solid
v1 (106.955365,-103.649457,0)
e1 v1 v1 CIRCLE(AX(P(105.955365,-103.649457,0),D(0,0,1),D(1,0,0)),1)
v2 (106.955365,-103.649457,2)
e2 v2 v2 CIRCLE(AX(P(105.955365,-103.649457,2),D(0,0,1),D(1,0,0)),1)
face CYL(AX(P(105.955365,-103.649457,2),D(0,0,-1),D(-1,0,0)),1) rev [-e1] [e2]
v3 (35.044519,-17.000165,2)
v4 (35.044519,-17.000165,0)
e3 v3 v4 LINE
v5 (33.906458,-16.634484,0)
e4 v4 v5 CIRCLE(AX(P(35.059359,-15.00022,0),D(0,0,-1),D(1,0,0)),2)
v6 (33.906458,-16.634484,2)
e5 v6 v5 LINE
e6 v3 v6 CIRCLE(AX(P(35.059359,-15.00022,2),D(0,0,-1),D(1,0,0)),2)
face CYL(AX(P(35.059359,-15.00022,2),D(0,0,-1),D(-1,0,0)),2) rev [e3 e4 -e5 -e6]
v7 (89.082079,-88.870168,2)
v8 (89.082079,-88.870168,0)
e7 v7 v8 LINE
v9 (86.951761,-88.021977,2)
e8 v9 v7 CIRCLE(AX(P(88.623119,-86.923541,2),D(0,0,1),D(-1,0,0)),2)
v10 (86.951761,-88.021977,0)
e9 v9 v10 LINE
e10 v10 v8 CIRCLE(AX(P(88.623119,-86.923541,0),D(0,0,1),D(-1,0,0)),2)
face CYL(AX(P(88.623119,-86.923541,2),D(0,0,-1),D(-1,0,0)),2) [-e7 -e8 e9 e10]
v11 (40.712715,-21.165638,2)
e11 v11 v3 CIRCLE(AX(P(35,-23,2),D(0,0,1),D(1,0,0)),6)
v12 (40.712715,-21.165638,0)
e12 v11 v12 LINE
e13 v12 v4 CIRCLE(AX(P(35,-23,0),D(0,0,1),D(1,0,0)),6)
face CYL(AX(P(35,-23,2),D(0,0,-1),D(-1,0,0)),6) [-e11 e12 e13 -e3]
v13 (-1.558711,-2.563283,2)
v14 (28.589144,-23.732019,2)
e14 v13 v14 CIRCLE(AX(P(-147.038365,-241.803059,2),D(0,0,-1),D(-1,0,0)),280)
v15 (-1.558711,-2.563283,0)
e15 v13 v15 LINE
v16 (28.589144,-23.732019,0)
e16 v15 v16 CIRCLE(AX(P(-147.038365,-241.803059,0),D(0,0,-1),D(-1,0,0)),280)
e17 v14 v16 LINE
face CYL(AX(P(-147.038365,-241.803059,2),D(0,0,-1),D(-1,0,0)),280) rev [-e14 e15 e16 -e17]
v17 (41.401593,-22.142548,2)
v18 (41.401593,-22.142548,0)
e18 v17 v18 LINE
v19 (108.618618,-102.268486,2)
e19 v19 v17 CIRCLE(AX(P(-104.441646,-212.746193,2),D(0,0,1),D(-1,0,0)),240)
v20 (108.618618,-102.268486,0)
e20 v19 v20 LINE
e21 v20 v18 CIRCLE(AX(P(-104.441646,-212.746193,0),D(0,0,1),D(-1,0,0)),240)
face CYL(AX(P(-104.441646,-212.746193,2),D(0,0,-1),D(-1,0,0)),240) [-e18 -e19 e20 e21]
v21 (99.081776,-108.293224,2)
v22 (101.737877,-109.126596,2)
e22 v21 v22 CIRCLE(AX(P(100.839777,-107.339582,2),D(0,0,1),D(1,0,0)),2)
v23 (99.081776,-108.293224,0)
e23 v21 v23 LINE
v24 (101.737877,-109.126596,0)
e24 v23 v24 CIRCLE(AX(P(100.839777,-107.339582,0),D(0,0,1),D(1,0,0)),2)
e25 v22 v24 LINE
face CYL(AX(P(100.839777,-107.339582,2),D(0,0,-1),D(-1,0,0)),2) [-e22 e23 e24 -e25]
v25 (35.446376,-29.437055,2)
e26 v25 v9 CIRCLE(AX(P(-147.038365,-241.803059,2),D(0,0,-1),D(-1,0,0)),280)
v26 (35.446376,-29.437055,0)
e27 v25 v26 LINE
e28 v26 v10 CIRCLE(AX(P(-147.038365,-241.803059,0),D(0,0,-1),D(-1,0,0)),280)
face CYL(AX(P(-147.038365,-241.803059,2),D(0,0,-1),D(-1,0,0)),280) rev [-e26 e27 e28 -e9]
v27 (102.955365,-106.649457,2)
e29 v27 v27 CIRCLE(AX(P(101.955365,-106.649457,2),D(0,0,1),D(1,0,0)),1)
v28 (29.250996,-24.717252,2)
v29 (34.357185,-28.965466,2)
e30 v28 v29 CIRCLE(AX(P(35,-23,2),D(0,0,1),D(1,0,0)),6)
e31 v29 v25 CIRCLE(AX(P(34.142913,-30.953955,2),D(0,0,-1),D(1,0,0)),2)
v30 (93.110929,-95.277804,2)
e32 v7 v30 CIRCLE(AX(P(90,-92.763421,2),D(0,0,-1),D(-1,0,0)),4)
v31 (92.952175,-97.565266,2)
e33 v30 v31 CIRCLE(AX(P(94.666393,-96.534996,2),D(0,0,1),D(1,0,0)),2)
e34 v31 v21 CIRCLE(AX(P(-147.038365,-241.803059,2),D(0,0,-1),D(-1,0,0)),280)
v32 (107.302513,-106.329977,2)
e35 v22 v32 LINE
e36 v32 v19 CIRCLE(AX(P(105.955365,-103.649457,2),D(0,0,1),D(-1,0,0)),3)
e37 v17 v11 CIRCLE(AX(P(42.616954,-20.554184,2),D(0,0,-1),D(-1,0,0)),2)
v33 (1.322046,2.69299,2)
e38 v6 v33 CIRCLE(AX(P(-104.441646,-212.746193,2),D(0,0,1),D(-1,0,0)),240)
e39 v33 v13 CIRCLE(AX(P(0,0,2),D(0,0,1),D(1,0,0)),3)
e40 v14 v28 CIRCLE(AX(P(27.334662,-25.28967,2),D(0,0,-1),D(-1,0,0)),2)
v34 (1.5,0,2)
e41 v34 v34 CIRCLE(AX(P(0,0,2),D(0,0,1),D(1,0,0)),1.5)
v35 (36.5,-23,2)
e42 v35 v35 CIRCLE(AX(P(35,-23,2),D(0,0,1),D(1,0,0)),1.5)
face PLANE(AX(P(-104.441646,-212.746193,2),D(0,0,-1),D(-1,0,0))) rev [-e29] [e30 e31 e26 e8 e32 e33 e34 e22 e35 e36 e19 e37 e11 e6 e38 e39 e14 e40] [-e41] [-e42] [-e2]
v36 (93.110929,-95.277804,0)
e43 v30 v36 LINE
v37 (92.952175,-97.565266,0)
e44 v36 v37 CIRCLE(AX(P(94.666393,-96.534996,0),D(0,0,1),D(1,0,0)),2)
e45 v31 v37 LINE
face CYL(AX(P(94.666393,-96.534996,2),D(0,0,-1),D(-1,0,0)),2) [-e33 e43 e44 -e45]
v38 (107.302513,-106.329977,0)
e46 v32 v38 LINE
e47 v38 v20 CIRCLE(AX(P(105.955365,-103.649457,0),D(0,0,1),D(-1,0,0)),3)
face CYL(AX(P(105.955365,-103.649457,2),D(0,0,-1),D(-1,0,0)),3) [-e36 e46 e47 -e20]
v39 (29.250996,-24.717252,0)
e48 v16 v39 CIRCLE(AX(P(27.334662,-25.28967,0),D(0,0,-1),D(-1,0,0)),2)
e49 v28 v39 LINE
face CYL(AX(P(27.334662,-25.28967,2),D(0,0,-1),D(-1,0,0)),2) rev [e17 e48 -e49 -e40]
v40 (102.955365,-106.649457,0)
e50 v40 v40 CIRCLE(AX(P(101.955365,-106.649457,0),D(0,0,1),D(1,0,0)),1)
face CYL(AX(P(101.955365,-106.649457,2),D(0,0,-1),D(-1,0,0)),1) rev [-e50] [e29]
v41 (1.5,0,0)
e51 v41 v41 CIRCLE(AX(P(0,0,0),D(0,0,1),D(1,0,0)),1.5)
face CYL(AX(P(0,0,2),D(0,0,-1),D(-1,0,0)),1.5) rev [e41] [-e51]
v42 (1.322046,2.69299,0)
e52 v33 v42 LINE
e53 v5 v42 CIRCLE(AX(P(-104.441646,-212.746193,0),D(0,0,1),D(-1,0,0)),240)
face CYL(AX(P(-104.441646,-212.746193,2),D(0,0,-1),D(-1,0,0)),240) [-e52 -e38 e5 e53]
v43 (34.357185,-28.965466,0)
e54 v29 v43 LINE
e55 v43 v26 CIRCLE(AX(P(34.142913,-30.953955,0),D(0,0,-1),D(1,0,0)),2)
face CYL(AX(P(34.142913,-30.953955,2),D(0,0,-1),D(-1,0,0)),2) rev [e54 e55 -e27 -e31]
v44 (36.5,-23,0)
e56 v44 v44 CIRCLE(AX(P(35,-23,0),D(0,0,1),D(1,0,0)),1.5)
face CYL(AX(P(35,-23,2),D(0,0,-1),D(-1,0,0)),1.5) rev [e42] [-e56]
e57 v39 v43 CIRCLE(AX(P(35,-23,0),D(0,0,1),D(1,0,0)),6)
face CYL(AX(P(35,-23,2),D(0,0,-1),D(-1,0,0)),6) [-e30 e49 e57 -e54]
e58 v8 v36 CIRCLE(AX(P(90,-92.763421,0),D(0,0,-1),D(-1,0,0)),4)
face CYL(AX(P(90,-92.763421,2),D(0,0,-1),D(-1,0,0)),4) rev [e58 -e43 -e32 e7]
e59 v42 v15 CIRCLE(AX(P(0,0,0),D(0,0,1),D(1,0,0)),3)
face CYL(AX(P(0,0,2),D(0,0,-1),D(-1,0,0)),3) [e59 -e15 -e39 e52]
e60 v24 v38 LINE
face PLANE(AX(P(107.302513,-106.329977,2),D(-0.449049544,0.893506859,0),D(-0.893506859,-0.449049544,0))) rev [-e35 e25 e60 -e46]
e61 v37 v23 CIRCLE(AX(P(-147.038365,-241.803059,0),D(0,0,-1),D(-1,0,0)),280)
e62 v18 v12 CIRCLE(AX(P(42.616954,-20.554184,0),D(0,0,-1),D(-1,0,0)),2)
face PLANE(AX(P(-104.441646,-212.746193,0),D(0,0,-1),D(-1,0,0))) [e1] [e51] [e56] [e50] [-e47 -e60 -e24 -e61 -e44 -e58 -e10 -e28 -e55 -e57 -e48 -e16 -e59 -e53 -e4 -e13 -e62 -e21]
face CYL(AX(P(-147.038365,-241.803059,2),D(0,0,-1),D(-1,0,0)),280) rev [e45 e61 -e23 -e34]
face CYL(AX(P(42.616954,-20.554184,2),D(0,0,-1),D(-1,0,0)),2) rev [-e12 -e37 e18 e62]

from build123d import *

# Parameters (mm, degrees)
SKETCH_1_R      = 1.5
SKETCH_1_R_2    = 1
EXTRUDE_1_DEPTH = 2


with BuildPart() as part:
    # 草图1 → 凸台-拉伸1 (new body)
    with BuildSketch(Plane.XY):
        with BuildLine():
            Line((107.302513423, -106.329977447), (101.737876551, -109.126595767))
            ThreePointArc((101.737876551, -109.126595767), (100.241041238, -109.247857431), (99.081776454, -108.293223729))
            ThreePointArc((99.081776454, -108.293223729), (96.076157143, -102.895430459), (92.952174798, -97.565265927))
            ThreePointArc((92.952174798, -97.565265927), (92.67119221, -96.396525563), (93.110928625, -95.277804356))
            ThreePointArc((93.110928625, -95.277804356), (93.386262354, -90.634283432), (89.082079375, -88.870167754))
            ThreePointArc((89.082079375, -88.870167754), (87.883298953, -88.781676215), (86.951761021, -88.02197737))
            ThreePointArc((86.951761021, -88.02197737), (63.249240179, -56.927091802), (35.446375502, -29.437055089))
            ThreePointArc((35.446375502, -29.437055089), (34.93756912, -29.118601809), (34.357184804, -28.965466337))
            ThreePointArc((34.357184804, -28.965466337), (31.162596189, -27.612410648), (29.250996223, -24.717252331))
            ThreePointArc((29.250996223, -24.717252331), (28.99483955, -24.174407799), (28.589143834, -23.732019493))
            ThreePointArc((28.589143834, -23.732019493), (13.863721442, -12.651321704), (-1.558710581, -2.56328331))
            ThreePointArc((-1.558710581, -2.56328331), (-2.630799159, 1.441837641), (1.322046154, 2.692989782))
            ThreePointArc((1.322046154, 2.692989782), (17.996215952, -6.326789823), (33.906457747, -16.634484455))
            ThreePointArc((33.906457747, -16.634484455), (34.447529327, -16.904338105), (35.04451896, -17.000165164))
            ThreePointArc((35.04451896, -17.000165164), (38.553058948, -18.165150249), (40.712715331, -21.16563811))
            ThreePointArc((40.712715331, -21.16563811), (40.982462328, -21.706762868), (41.401593445, -22.142547854))
            ThreePointArc((41.401593445, -22.142547854), (79.427798672, -58.499548545), (108.618618094, -102.268485529))
            ThreePointArc((108.618618094, -102.268485529), (108.809267395, -104.574248701), (107.302513423, -106.329977447))
        make_face()
        Circle(SKETCH_1_R, mode=Mode.SUBTRACT)
        with Locations((105.955364791, -103.64945687)):
            Circle(SKETCH_1_R_2, mode=Mode.SUBTRACT)
        with Locations((101.955364791, -106.64945687)):
            Circle(SKETCH_1_R_2, mode=Mode.SUBTRACT)
        with Locations((35, -23)):
            Circle(SKETCH_1_R, mode=Mode.SUBTRACT)
    extrude(amount=EXTRUDE_1_DEPTH)


solid = part.part
